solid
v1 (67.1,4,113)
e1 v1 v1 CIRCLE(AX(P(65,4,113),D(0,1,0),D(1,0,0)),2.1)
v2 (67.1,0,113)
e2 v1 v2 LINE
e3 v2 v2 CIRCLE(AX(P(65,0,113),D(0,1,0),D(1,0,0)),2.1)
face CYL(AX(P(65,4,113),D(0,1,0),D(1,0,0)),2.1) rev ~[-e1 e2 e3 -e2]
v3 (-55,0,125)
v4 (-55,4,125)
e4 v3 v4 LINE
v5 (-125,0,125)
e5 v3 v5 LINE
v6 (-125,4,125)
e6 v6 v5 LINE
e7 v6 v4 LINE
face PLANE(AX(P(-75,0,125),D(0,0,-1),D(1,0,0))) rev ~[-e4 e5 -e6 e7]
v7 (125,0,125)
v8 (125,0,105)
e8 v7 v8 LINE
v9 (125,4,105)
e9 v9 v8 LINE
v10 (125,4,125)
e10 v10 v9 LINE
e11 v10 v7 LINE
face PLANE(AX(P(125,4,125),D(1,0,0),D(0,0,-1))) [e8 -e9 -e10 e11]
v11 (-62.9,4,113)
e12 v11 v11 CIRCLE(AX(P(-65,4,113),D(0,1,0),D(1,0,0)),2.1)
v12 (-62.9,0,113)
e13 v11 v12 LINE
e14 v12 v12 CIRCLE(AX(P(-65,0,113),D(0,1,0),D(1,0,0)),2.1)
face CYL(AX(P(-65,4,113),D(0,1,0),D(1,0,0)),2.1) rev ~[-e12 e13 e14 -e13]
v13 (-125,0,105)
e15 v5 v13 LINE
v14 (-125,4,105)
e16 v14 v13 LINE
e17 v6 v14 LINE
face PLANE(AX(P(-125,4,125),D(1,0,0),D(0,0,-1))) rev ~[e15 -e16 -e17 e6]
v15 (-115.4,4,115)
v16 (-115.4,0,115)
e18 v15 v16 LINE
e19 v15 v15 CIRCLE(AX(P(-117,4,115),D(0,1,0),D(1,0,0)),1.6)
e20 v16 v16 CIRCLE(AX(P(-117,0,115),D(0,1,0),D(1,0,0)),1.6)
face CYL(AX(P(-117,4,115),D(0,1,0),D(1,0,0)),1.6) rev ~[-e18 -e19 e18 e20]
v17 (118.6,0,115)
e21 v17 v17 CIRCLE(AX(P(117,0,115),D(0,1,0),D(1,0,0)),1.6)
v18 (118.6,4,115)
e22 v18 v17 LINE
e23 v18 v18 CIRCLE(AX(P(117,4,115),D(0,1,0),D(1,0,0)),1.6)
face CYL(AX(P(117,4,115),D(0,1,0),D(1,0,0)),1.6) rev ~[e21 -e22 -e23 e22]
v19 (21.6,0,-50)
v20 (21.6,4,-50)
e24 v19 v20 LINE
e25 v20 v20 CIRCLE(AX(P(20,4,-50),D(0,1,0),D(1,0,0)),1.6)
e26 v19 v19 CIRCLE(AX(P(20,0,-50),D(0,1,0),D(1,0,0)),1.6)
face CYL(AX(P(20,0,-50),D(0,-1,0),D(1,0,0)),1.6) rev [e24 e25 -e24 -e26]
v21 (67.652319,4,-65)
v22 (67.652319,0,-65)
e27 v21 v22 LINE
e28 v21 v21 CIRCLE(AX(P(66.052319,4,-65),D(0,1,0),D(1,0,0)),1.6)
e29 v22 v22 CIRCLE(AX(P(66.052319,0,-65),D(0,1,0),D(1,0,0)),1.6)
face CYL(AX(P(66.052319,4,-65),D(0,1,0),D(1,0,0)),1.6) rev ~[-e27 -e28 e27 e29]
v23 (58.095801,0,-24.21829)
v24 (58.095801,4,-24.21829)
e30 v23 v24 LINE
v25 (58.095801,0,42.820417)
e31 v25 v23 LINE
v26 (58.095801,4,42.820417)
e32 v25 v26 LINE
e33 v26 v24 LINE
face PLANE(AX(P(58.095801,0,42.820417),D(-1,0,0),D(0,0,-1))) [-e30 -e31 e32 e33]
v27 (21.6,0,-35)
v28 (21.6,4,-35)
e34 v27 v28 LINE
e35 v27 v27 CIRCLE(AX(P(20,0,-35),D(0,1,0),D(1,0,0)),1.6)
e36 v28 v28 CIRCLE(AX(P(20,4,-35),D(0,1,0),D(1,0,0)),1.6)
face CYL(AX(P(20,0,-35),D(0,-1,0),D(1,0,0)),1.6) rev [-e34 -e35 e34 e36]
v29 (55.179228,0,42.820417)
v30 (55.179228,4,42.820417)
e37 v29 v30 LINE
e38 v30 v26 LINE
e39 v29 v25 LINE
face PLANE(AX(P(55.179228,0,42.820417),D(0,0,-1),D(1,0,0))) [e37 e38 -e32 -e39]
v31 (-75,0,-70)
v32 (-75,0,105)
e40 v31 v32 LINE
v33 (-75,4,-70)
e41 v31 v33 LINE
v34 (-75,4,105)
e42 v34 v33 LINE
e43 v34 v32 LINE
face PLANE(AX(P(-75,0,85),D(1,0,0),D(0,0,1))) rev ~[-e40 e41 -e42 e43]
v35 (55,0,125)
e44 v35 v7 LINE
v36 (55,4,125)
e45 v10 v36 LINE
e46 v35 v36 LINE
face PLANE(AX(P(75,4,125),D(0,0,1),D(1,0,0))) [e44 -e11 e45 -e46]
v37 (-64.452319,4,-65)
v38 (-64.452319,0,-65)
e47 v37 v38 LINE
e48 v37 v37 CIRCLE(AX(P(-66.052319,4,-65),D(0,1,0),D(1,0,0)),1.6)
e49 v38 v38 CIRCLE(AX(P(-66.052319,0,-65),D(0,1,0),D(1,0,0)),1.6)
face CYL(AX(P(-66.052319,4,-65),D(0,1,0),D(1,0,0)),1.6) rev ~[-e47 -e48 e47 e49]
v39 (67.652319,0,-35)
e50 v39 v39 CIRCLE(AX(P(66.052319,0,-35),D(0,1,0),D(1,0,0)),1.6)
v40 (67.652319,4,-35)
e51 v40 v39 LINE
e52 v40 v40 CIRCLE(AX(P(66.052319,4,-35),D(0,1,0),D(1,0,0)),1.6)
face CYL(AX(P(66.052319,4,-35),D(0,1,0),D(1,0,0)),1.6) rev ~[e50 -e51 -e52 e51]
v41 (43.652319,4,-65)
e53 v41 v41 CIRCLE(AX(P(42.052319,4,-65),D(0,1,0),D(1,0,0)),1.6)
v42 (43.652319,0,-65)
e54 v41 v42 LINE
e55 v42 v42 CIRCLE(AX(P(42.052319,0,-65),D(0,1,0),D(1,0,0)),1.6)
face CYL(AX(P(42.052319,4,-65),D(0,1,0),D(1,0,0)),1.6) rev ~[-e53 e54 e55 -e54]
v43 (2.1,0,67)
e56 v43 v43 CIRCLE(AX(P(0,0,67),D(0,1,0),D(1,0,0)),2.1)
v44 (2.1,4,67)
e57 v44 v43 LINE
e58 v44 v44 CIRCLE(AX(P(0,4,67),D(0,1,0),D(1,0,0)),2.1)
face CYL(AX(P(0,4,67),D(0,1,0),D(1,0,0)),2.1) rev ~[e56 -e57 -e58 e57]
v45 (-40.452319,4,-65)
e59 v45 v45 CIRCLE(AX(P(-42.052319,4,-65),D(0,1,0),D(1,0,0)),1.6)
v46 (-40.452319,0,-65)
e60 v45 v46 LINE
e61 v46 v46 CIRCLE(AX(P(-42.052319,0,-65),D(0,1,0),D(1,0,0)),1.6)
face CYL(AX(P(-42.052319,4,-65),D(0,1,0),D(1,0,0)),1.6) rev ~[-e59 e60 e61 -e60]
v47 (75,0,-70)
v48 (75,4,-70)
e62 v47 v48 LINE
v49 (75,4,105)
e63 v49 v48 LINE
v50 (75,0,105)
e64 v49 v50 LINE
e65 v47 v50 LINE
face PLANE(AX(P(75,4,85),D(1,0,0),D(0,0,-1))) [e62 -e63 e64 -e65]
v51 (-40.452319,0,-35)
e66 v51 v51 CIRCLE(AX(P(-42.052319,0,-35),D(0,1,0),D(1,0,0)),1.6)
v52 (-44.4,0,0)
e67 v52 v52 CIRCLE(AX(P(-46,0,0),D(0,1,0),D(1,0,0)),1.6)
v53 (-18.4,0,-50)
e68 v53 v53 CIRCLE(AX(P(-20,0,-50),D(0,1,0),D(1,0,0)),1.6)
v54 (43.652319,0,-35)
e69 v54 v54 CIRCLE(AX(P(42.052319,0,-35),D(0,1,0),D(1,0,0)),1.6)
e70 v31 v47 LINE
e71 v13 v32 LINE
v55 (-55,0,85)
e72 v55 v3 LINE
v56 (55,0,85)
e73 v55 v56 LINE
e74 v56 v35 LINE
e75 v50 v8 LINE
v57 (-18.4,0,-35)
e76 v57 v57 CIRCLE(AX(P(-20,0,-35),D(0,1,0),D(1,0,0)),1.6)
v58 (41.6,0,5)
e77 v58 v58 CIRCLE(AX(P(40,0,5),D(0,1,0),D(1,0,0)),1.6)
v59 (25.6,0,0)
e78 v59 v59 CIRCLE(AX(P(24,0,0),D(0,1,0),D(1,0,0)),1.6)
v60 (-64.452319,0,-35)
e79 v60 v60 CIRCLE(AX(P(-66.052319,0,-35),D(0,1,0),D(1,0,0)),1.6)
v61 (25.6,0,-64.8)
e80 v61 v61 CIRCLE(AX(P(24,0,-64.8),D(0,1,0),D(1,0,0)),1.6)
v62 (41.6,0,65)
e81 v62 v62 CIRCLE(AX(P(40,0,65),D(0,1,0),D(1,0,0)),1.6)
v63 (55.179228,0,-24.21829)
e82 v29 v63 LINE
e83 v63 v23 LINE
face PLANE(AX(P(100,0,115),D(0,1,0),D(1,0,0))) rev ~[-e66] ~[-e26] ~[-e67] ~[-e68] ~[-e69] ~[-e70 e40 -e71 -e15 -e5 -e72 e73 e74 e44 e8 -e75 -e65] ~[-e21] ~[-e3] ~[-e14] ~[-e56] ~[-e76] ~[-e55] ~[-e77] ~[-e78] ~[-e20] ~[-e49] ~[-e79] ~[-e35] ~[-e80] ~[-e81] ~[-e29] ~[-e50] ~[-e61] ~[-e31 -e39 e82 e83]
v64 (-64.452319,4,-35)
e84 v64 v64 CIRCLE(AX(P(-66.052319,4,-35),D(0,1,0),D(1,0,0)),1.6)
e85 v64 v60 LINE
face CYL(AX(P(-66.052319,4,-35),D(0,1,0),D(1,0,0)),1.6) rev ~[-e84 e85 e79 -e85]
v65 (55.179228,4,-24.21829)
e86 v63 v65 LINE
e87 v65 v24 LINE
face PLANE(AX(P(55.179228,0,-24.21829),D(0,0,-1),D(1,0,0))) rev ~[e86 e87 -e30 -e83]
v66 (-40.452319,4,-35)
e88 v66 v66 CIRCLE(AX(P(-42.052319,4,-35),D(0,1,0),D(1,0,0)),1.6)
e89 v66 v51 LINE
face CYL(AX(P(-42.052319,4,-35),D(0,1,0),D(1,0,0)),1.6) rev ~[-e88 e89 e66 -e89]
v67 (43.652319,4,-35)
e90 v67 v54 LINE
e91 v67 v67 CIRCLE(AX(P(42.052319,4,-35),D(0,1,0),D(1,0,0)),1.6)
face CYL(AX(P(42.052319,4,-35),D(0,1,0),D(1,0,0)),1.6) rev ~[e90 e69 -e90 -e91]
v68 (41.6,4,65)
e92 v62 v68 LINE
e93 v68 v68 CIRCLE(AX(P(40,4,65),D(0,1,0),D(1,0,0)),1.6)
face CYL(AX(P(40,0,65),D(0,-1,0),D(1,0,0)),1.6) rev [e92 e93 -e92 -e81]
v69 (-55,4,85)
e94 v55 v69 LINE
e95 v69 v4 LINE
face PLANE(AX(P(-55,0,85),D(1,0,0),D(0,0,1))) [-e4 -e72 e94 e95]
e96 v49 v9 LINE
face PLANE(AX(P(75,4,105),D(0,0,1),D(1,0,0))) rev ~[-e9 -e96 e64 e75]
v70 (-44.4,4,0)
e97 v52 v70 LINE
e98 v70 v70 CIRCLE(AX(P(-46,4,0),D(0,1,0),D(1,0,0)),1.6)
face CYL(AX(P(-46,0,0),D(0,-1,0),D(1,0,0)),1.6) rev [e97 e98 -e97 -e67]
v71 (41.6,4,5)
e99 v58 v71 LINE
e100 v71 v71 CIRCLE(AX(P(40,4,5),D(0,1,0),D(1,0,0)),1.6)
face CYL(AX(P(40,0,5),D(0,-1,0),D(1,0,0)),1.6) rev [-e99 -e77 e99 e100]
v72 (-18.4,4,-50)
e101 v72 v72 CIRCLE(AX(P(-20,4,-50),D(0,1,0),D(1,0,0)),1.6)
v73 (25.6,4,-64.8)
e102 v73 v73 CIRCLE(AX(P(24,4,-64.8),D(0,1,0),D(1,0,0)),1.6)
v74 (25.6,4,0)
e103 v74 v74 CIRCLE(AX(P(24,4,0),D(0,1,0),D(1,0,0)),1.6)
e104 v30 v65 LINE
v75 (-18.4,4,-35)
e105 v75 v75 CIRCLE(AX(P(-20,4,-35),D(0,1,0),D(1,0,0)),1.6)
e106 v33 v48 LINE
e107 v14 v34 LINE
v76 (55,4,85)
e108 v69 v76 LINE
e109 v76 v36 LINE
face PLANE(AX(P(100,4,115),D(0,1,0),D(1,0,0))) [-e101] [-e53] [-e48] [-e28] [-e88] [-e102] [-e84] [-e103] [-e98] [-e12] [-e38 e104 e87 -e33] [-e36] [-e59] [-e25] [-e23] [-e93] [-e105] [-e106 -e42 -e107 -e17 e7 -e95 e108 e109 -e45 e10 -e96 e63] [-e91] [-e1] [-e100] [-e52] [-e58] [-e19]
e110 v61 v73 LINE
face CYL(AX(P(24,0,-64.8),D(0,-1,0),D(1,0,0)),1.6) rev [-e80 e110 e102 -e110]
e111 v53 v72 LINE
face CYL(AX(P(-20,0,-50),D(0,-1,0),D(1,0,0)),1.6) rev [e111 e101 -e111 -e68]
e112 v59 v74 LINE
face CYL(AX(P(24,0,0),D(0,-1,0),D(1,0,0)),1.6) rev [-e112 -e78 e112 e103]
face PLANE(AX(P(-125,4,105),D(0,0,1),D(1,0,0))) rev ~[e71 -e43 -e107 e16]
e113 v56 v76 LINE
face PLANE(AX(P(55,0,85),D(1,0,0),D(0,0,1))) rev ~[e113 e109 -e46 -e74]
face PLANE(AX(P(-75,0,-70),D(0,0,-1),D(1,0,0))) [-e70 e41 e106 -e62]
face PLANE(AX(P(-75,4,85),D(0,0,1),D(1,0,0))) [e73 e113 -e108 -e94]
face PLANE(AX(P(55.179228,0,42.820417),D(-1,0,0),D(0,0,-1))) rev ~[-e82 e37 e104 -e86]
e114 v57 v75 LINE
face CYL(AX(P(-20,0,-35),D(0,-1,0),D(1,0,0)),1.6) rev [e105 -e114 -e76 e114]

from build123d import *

# Parameters (mm, degrees)
SKETCH_1_W          = 150
SKETCH_1_H          = 145
SKETCH_1_R          = 1.6
SKETCH_1_W_2        = 2.916573318
SKETCH_1_H_2        = 67.038706503
EXTRUDE_1_DEPTH     = 4
SKETCH_2_R          = 2.1
SKETCH_2_R_2        = 1.6
CUT_EXTRUDE_1_DEPTH = 5
SKETCH_5_W          = 150
SKETCH_5_H          = 10
EXTRUDE_4_DEPTH     = 4
SKETCH_10_W         = 20
SKETCH_10_H         = 40
EXTRUDE_9_DEPTH     = 4
SKETCH_12_R         = 2.1
CUT_EXTRUDE_2_DEPTH = 5
SKETCH_15_W         = 50
SKETCH_15_H         = 20
SKETCH_15_R         = 1.6
EXTRUDE_11_DEPTH    = 4


with BuildPart() as part:
    # 草图1 → 凸台-拉伸1 (new body)
    with BuildSketch(Plane(origin=(0, 0, 0), x_dir=(1, 0, 0), z_dir=(0, 1, 0))):
        with Locations((0, -2.5)):
            Rectangle(SKETCH_1_W, SKETCH_1_H)
        with Locations((-20, 50)):
            Circle(SKETCH_1_R, mode=Mode.SUBTRACT)
        with Locations((20, 50)):
            Circle(SKETCH_1_R, mode=Mode.SUBTRACT)
        with Locations((-20, 35)):
            Circle(SKETCH_1_R, mode=Mode.SUBTRACT)
        with Locations((20, 35)):
            Circle(SKETCH_1_R, mode=Mode.SUBTRACT)
        with Locations((-46, 0)):
            Circle(SKETCH_1_R, mode=Mode.SUBTRACT)
        with Locations((24, 0)):
            Circle(SKETCH_1_R, mode=Mode.SUBTRACT)
        with Locations((24, 64.8)):
            Circle(SKETCH_1_R, mode=Mode.SUBTRACT)
        with Locations((40, -5)):
            Circle(SKETCH_1_R, mode=Mode.SUBTRACT)
        with Locations((40, -65)):
            Circle(SKETCH_1_R, mode=Mode.SUBTRACT)
        with Locations((56.637514727, -9.301063596)):
            Rectangle(SKETCH_1_W_2, SKETCH_1_H_2, mode=Mode.SUBTRACT)
    extrude(amount=EXTRUDE_1_DEPTH)

    # 草图2 → 切除-拉伸1 (cut, through all)
    with BuildSketch(Plane(origin=(0, 4, 0), x_dir=(1, 0, 0), z_dir=(0, 1, 0))):
        with Locations((0, -67)):
            Circle(SKETCH_2_R)
        with Locations((-66.052318668, 65)):
            Circle(SKETCH_2_R_2)
        with Locations((-66.052318668, 35)):
            Circle(SKETCH_2_R_2)
        with Locations((-42.052318668, 65)):
            Circle(SKETCH_2_R_2)
        with Locations((-42.052318668, 35)):
            Circle(SKETCH_2_R_2)
        with Locations((42.052318668, 35)):
            Circle(SKETCH_2_R_2)
        with Locations((66.052318668, 35)):
            Circle(SKETCH_2_R_2)
        with Locations((66.052318668, 65)):
            Circle(SKETCH_2_R_2)
        with Locations((42.052318668, 65)):
            Circle(SKETCH_2_R_2)
    extrude(amount=-CUT_EXTRUDE_1_DEPTH, mode=Mode.SUBTRACT)

    # 草图5 → 凸台-拉伸4 (add)
    with BuildSketch(Plane(origin=(0, 4, 0), x_dir=(1, 0, 0), z_dir=(0, 1, 0))):
        with Locations((0, -80)):
            Rectangle(SKETCH_5_W, SKETCH_5_H)
    extrude(amount=-EXTRUDE_4_DEPTH)

    # 草图10 → 凸台-拉伸9 (add)
    with BuildSketch(Plane.XZ):
        with Locations((-65, 105)):
            Rectangle(SKETCH_10_W, SKETCH_10_H)
        with Locations((65, 105)):
            Rectangle(SKETCH_10_W, SKETCH_10_H)
    extrude(amount=-EXTRUDE_9_DEPTH)

    # 草图12 → 切除-拉伸2 (cut, through all)
    with BuildSketch(Plane(origin=(0, 4, 0), x_dir=(1, 0, 0), z_dir=(0, 1, 0))):
        with Locations((-65, -113)):
            Circle(SKETCH_12_R)
        with Locations((65, -113)):
            Circle(SKETCH_12_R)
    extrude(amount=-CUT_EXTRUDE_2_DEPTH, mode=Mode.SUBTRACT)

    # 草图15 → 凸台-拉伸11 (add)
    with BuildSketch(Plane(origin=(0, 4, 0), x_dir=(1, 0, 0), z_dir=(0, 1, 0))):
        with Locations((100, -115)):
            Rectangle(SKETCH_15_W, SKETCH_15_H)
        with Locations((117, -115)):
            Circle(SKETCH_15_R, mode=Mode.SUBTRACT)
        with Locations((-100, -115)):
            Rectangle(SKETCH_15_W, SKETCH_15_H)
        with Locations((-117, -115)):
            Circle(SKETCH_15_R, mode=Mode.SUBTRACT)
    extrude(amount=-EXTRUDE_11_DEPTH)


solid = part.part
